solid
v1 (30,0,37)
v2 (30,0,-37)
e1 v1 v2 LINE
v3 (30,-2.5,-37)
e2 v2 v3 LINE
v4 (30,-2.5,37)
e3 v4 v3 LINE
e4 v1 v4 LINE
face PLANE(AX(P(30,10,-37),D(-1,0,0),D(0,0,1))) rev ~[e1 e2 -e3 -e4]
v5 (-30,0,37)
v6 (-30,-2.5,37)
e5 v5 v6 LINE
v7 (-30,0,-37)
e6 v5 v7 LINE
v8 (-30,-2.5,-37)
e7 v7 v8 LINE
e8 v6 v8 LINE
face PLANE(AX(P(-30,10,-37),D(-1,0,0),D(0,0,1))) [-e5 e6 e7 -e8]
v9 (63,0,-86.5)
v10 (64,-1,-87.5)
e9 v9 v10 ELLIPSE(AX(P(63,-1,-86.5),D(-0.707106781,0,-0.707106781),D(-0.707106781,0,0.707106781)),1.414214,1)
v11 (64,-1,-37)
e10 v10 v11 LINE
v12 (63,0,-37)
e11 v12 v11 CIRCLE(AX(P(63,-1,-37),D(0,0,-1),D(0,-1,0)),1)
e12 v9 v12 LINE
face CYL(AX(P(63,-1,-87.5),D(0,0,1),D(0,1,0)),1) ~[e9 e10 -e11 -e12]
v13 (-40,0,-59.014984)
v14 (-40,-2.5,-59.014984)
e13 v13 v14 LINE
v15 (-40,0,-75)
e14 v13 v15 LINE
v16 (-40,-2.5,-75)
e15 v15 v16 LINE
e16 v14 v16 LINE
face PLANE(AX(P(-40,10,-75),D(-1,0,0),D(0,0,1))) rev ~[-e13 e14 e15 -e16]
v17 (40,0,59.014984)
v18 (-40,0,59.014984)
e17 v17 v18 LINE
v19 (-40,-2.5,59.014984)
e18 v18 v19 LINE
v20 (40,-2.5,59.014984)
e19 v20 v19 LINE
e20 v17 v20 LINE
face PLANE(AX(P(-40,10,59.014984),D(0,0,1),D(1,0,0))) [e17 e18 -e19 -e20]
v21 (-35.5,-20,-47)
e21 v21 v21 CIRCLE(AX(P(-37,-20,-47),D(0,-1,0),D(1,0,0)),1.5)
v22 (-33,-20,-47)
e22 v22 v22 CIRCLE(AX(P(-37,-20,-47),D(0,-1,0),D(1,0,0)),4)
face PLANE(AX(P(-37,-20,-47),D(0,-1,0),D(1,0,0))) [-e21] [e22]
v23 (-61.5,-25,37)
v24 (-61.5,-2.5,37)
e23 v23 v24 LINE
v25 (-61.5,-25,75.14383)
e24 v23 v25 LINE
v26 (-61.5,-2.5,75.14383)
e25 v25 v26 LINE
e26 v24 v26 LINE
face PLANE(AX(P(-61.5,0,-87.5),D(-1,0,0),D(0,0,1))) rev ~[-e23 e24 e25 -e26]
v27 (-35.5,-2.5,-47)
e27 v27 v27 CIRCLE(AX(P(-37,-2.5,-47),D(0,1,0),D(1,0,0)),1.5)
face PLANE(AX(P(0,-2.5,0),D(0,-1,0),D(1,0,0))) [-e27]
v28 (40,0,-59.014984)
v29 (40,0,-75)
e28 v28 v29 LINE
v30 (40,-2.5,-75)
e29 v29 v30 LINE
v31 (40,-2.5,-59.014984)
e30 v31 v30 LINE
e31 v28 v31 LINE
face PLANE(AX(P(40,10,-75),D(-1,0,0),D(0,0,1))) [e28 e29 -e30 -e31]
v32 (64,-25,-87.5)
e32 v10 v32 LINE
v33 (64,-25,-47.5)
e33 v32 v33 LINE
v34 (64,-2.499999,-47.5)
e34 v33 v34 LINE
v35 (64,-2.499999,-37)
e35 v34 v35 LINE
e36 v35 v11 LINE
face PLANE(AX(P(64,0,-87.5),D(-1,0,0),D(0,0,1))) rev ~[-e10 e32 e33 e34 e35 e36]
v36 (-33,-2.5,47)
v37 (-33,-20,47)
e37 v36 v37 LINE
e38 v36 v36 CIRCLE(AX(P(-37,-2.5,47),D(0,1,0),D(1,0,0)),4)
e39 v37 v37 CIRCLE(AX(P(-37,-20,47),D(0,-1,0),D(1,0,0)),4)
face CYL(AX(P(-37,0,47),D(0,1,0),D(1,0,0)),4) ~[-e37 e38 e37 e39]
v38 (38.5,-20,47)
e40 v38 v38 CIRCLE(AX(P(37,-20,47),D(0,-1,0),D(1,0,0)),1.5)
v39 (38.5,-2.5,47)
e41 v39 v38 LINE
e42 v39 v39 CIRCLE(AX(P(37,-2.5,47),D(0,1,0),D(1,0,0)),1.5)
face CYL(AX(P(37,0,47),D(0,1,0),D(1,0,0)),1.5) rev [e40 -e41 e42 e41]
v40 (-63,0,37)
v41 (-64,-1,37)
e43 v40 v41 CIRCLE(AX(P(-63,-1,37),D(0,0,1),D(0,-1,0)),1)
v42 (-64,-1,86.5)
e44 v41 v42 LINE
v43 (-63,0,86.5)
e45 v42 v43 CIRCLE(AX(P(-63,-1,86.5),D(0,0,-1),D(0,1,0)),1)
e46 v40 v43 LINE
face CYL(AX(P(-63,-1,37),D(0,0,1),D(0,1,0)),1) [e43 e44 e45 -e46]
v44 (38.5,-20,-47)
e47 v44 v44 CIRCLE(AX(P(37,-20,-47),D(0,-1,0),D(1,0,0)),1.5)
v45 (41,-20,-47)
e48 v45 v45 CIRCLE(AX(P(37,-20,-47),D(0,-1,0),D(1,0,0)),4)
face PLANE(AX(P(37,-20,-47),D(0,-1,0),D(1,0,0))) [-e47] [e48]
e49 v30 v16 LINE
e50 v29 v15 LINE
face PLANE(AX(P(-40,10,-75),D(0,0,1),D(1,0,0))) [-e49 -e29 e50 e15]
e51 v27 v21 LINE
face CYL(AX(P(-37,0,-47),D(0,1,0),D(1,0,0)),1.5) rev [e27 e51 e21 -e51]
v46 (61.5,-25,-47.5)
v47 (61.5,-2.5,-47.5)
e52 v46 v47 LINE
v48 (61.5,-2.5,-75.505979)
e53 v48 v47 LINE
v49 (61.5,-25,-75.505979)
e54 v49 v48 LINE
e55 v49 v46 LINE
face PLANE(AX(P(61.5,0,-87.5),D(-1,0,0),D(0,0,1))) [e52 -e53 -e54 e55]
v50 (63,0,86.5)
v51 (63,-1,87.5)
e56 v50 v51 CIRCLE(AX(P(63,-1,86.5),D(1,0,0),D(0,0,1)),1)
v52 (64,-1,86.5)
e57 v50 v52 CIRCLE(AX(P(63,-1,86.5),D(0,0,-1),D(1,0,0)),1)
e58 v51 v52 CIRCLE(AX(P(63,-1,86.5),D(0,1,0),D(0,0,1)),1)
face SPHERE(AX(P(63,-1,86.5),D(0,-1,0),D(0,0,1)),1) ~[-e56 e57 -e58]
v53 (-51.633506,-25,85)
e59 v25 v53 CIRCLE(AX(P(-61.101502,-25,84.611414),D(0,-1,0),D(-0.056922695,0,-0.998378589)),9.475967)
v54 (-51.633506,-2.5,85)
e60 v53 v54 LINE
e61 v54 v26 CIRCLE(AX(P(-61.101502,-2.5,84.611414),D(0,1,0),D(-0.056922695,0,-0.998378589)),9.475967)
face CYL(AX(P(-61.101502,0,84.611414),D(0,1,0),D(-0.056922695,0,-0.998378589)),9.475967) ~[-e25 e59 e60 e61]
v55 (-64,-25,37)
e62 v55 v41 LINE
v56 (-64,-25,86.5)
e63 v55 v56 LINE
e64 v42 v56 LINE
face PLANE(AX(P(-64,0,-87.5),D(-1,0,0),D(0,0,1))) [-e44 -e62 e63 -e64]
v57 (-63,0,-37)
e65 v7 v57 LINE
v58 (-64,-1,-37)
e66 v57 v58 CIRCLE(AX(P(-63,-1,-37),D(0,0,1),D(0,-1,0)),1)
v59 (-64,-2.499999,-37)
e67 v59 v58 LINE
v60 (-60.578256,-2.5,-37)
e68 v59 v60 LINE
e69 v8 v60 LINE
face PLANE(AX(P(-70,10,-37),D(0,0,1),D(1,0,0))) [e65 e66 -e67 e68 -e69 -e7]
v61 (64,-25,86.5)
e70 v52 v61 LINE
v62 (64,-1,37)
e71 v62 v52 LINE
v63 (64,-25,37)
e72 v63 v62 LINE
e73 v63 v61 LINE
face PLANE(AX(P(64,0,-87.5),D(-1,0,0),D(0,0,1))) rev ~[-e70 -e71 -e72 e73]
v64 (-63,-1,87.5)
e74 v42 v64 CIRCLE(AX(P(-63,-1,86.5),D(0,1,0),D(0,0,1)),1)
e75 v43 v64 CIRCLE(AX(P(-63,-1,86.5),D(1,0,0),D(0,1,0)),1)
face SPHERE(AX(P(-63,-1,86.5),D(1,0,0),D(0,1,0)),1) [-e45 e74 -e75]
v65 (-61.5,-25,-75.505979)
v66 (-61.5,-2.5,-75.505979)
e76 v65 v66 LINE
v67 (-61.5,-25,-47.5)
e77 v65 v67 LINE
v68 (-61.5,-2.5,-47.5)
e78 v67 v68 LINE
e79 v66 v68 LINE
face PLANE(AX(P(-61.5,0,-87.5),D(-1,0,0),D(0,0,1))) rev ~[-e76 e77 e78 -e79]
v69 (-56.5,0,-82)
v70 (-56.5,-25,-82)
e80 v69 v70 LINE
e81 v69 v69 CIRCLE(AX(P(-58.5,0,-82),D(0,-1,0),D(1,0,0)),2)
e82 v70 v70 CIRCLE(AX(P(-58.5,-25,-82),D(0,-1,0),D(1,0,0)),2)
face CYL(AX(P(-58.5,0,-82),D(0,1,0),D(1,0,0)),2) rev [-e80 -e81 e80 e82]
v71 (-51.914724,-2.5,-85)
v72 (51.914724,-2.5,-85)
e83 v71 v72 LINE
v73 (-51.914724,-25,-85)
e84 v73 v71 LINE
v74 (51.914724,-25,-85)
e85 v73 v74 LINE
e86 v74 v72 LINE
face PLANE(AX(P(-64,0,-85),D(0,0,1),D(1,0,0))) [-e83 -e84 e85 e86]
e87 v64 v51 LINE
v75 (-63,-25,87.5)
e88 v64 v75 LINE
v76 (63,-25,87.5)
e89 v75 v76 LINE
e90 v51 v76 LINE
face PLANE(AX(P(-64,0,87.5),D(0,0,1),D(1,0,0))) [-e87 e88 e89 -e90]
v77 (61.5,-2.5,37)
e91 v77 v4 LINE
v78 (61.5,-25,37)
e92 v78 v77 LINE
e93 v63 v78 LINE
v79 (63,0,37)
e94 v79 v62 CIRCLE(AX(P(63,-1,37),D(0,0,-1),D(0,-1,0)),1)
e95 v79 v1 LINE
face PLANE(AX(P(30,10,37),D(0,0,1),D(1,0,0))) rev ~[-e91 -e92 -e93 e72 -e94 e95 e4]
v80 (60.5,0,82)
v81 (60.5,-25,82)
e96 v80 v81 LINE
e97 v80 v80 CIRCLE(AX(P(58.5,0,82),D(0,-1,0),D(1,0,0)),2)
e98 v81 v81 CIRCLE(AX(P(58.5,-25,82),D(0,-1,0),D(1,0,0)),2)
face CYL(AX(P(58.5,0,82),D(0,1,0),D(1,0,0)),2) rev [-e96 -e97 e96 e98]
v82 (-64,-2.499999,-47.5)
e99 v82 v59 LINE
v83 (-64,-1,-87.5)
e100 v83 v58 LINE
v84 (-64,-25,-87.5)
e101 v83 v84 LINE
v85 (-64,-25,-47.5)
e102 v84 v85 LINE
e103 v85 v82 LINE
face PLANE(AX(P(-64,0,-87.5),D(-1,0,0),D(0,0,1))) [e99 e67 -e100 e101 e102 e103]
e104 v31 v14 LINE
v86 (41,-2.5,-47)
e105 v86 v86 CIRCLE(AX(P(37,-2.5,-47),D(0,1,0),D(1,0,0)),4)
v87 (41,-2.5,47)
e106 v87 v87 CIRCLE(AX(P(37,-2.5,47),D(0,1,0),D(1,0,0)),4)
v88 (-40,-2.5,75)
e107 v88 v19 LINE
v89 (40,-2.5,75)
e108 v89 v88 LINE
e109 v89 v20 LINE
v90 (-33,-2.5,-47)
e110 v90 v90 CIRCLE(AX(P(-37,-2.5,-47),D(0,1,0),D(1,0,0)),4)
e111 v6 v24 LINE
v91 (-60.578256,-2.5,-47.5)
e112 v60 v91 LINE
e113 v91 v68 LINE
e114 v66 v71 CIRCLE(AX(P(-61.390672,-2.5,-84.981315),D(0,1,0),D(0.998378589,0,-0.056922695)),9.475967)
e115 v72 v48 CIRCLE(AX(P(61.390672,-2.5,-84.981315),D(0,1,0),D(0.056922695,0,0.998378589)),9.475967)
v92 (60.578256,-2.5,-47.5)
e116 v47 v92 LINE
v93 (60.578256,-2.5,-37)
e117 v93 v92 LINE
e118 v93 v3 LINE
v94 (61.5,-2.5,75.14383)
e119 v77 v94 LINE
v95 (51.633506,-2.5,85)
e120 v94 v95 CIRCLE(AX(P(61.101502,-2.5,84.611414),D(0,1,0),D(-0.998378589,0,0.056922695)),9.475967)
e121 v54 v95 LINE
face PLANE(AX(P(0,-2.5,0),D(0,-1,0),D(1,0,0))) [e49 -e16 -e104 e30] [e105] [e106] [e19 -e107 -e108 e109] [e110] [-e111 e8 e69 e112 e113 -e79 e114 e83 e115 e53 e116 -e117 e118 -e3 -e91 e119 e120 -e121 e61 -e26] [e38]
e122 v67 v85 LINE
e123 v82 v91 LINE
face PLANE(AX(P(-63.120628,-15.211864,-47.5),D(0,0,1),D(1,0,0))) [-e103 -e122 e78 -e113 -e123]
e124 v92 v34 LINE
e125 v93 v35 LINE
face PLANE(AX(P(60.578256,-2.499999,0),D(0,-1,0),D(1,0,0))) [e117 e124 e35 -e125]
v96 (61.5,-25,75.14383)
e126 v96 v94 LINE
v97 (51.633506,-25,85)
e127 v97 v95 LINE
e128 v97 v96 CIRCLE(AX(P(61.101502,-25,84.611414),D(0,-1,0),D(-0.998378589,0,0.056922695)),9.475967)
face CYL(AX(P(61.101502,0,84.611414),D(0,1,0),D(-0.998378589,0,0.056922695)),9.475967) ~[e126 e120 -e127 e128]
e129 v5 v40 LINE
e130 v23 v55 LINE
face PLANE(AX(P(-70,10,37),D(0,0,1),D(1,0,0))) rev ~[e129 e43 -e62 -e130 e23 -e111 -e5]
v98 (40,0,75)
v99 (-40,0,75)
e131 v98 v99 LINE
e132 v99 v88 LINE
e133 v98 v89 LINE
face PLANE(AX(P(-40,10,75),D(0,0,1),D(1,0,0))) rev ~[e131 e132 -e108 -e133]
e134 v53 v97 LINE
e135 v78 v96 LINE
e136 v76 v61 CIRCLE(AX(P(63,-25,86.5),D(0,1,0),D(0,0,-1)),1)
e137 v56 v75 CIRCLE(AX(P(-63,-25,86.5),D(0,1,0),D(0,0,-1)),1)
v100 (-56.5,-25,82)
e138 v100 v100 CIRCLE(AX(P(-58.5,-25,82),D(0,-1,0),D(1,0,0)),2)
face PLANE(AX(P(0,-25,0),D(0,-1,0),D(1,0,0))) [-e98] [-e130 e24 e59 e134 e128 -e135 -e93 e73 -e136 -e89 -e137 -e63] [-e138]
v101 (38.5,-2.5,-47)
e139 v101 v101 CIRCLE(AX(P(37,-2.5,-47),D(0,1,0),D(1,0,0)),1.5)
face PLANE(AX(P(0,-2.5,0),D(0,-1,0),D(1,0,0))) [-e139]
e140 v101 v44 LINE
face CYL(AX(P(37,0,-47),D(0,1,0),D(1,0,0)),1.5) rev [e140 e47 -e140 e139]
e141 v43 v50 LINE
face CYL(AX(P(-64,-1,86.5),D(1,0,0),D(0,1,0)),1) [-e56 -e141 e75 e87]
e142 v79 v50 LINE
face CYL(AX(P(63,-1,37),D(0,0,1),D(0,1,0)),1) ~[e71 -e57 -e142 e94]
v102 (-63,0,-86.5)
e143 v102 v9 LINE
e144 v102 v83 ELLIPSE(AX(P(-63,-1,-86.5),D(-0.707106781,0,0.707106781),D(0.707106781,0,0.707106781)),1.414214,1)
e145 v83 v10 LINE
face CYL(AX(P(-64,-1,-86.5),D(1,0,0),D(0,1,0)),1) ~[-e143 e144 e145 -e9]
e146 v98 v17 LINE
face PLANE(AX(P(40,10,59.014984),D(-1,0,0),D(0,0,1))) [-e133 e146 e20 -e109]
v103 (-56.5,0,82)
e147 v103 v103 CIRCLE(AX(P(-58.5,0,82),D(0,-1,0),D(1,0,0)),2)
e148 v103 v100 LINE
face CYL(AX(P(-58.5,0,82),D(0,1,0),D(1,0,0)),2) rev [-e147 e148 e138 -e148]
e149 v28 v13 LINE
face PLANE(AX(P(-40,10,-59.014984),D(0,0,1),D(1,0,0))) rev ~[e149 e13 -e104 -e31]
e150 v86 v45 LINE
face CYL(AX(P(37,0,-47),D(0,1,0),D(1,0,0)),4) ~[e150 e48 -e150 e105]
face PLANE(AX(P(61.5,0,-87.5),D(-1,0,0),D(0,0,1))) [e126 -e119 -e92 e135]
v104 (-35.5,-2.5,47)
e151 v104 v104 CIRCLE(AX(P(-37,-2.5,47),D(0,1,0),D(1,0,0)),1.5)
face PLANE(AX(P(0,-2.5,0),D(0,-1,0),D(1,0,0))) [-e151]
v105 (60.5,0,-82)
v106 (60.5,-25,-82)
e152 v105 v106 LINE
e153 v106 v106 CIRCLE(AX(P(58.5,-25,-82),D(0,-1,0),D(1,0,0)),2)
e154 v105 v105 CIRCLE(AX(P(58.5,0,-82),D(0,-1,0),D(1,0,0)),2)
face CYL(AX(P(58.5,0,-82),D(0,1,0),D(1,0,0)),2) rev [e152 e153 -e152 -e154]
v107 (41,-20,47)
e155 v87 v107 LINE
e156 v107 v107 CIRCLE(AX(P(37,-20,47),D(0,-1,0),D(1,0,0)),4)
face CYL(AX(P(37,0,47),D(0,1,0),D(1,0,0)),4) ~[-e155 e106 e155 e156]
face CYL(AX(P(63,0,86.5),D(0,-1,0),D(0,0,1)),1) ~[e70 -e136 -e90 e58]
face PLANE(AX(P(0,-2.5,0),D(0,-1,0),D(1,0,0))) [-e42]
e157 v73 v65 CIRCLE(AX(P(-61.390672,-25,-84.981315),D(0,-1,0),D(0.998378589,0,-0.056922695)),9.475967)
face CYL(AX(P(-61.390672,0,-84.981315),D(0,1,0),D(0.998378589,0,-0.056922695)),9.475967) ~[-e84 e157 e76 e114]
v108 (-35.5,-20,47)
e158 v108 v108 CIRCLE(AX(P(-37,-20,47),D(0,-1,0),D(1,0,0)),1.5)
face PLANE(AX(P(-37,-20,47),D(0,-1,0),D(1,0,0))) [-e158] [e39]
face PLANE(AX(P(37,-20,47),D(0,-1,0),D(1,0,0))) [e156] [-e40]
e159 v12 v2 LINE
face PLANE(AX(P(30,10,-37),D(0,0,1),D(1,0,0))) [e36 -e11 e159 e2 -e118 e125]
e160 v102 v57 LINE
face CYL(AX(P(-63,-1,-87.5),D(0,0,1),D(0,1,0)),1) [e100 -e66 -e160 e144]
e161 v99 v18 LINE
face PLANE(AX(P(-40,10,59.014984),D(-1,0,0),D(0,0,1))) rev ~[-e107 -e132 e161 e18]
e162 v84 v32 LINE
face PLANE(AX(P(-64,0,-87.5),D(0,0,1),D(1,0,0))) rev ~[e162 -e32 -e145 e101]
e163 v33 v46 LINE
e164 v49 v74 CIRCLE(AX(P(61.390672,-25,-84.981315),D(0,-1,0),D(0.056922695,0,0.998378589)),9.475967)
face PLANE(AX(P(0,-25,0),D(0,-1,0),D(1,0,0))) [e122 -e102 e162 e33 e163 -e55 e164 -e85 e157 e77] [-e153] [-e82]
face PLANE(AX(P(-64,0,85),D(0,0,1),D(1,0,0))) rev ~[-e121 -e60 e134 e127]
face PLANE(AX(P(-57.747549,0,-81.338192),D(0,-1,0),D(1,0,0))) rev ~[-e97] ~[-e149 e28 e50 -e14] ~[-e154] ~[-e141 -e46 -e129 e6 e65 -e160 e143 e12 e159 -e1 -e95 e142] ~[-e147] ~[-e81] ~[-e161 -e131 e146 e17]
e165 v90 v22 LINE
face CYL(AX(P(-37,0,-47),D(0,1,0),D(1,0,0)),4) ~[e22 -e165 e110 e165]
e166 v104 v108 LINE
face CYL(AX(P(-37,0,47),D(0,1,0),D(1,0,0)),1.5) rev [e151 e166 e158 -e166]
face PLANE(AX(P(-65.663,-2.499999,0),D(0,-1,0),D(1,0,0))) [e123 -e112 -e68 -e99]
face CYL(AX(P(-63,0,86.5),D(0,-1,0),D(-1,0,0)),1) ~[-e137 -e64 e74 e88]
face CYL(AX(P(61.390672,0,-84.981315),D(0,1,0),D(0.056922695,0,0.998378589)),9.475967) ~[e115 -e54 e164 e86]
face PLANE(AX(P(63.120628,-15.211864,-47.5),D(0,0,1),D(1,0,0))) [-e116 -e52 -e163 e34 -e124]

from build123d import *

# Parameters (mm, degrees)
F0_W      = 128
F0_H      = 175
F1_DEPTH  = 25
F2_T      = -2.5
F3_R      = 4
F3_R_2    = 1.5
F4_DEPTH  = 20
F7_DEPTH  = 25
F8_R      = 2
F9_DEPTH  = 25
F11_W     = 40
F11_H     = 74
F11_W_2   = 80
F11_H_2   = 15.985015
F12_DEPTH = 36
F13_R     = 1
F15_W     = 5.084744
F15_H     = 25.423729
F16_DEPTH = 47.5


with BuildPart() as f1:
    # F0 (on Front) → F1 (new body)
    with BuildSketch(Plane.XZ):
        Rectangle(F0_W, F0_H)
    extrude(amount=F1_DEPTH)

    # F2
    f2_openings = [f1.faces().sort_by_distance(p)[0] for p in [
        (0, -25, 0),
    ]]
    offset(amount=F2_T, openings=f2_openings)

    # F3 (on Front) → F4 (join)
    with BuildSketch(Plane.XZ):
        with Locations((-37, 47)):
            Circle(F3_R)
        with Locations((-37, 47)):
            Circle(F3_R_2, mode=Mode.SUBTRACT)
        with Locations((37, 47)):
            Circle(F3_R)
        with Locations((37, 47)):
            Circle(F3_R_2, mode=Mode.SUBTRACT)
        with Locations((37, -47)):
            Circle(F3_R)
        with Locations((37, -47)):
            Circle(F3_R_2, mode=Mode.SUBTRACT)
        with Locations((-37, -47)):
            Circle(F3_R)
        with Locations((-37, -47)):
            Circle(F3_R_2, mode=Mode.SUBTRACT)
    extrude(amount=F4_DEPTH)

    # F6 (on Front) → F7 (join)
    with BuildSketch(Plane.XZ):
        with BuildLine():
            Line((-61.93007, -75.520713), (-61.93007, -85.520713))
            Line((-61.93007, -85.520713), (-51.93007, -85.520713))
            ThreePointArc((-51.93007, -85.520713), (-54.690152, -78.280795), (-61.93007, -75.520713))
        make_face()
        with BuildLine():
            ThreePointArc((61.93007, -75.520713), (54.690152, -78.280795), (51.93007, -85.520713))
            Line((51.93007, -85.520713), (61.93007, -85.520713))
            Line((61.93007, -85.520713), (61.93007, -75.520713))
        make_face()
        with BuildLine():
            ThreePointArc((-61.6409, 75.150812), (-54.400982, 77.910894), (-51.6409, 85.150812))
            Line((-51.6409, 85.150812), (-61.6409, 85.150812))
            Line((-61.6409, 85.150812), (-61.6409, 75.150812))
        make_face()
        with BuildLine():
            Line((61.6409, 75.150812), (61.6409, 85.150812))
            Line((61.6409, 85.150812), (51.6409, 85.150812))
            ThreePointArc((51.6409, 85.150812), (54.400982, 77.910894), (61.6409, 75.150812))
        make_face()
    extrude(amount=F7_DEPTH)

    # F8 (on Front) → F9 (cut)
    with BuildSketch(Plane.XZ):
        with Locations((-58.5, 82)):
            Circle(F8_R)
        with Locations((-58.5, -82)):
            Circle(F8_R)
        with Locations((58.5, -82)):
            Circle(F8_R)
        with Locations((58.5, 82)):
            Circle(F8_R)
    extrude(amount=F9_DEPTH, mode=Mode.SUBTRACT)

    # F11 (on offset) → F12 (cut)
    with BuildSketch(Plane.XZ.offset(-10)):
        with Locations((-50, 0)):
            Rectangle(F11_W, F11_H)
        with Locations((50, 0)):
            Rectangle(F11_W, F11_H)
        with Locations((0, 67.007492)):
            Rectangle(F11_W_2, F11_H_2)
        with Locations((0, -67.007492)):
            Rectangle(F11_W_2, F11_H_2)
    extrude(amount=F12_DEPTH, mode=Mode.SUBTRACT)

    # F13
    f13_edges = [f1.edges().sort_by_distance(p)[0] for p in [
        (64, -12.5, 87.5),
        (0, 0, 87.5),
        (64, 0, 62.25),
        (64, 0, -62.25),
        (0, 0, -87.5),
        (-64, 0, 62.25),
        (-64, 0, -62.25),
        (-64, -12.5, 87.5),
    ]]
    fillet(f13_edges, radius=F13_R)

    # F15 (on Top) → F16 (cut)
    with BuildSketch(Plane.XY):
        with Locations((-63.120628, -15.211864)):
            Rectangle(F15_W, F15_H)
        with Locations((63.120628, -15.211864)):
            Rectangle(F15_W, F15_H)
    extrude(amount=-F16_DEPTH, mode=Mode.SUBTRACT)


solid = f1.part
